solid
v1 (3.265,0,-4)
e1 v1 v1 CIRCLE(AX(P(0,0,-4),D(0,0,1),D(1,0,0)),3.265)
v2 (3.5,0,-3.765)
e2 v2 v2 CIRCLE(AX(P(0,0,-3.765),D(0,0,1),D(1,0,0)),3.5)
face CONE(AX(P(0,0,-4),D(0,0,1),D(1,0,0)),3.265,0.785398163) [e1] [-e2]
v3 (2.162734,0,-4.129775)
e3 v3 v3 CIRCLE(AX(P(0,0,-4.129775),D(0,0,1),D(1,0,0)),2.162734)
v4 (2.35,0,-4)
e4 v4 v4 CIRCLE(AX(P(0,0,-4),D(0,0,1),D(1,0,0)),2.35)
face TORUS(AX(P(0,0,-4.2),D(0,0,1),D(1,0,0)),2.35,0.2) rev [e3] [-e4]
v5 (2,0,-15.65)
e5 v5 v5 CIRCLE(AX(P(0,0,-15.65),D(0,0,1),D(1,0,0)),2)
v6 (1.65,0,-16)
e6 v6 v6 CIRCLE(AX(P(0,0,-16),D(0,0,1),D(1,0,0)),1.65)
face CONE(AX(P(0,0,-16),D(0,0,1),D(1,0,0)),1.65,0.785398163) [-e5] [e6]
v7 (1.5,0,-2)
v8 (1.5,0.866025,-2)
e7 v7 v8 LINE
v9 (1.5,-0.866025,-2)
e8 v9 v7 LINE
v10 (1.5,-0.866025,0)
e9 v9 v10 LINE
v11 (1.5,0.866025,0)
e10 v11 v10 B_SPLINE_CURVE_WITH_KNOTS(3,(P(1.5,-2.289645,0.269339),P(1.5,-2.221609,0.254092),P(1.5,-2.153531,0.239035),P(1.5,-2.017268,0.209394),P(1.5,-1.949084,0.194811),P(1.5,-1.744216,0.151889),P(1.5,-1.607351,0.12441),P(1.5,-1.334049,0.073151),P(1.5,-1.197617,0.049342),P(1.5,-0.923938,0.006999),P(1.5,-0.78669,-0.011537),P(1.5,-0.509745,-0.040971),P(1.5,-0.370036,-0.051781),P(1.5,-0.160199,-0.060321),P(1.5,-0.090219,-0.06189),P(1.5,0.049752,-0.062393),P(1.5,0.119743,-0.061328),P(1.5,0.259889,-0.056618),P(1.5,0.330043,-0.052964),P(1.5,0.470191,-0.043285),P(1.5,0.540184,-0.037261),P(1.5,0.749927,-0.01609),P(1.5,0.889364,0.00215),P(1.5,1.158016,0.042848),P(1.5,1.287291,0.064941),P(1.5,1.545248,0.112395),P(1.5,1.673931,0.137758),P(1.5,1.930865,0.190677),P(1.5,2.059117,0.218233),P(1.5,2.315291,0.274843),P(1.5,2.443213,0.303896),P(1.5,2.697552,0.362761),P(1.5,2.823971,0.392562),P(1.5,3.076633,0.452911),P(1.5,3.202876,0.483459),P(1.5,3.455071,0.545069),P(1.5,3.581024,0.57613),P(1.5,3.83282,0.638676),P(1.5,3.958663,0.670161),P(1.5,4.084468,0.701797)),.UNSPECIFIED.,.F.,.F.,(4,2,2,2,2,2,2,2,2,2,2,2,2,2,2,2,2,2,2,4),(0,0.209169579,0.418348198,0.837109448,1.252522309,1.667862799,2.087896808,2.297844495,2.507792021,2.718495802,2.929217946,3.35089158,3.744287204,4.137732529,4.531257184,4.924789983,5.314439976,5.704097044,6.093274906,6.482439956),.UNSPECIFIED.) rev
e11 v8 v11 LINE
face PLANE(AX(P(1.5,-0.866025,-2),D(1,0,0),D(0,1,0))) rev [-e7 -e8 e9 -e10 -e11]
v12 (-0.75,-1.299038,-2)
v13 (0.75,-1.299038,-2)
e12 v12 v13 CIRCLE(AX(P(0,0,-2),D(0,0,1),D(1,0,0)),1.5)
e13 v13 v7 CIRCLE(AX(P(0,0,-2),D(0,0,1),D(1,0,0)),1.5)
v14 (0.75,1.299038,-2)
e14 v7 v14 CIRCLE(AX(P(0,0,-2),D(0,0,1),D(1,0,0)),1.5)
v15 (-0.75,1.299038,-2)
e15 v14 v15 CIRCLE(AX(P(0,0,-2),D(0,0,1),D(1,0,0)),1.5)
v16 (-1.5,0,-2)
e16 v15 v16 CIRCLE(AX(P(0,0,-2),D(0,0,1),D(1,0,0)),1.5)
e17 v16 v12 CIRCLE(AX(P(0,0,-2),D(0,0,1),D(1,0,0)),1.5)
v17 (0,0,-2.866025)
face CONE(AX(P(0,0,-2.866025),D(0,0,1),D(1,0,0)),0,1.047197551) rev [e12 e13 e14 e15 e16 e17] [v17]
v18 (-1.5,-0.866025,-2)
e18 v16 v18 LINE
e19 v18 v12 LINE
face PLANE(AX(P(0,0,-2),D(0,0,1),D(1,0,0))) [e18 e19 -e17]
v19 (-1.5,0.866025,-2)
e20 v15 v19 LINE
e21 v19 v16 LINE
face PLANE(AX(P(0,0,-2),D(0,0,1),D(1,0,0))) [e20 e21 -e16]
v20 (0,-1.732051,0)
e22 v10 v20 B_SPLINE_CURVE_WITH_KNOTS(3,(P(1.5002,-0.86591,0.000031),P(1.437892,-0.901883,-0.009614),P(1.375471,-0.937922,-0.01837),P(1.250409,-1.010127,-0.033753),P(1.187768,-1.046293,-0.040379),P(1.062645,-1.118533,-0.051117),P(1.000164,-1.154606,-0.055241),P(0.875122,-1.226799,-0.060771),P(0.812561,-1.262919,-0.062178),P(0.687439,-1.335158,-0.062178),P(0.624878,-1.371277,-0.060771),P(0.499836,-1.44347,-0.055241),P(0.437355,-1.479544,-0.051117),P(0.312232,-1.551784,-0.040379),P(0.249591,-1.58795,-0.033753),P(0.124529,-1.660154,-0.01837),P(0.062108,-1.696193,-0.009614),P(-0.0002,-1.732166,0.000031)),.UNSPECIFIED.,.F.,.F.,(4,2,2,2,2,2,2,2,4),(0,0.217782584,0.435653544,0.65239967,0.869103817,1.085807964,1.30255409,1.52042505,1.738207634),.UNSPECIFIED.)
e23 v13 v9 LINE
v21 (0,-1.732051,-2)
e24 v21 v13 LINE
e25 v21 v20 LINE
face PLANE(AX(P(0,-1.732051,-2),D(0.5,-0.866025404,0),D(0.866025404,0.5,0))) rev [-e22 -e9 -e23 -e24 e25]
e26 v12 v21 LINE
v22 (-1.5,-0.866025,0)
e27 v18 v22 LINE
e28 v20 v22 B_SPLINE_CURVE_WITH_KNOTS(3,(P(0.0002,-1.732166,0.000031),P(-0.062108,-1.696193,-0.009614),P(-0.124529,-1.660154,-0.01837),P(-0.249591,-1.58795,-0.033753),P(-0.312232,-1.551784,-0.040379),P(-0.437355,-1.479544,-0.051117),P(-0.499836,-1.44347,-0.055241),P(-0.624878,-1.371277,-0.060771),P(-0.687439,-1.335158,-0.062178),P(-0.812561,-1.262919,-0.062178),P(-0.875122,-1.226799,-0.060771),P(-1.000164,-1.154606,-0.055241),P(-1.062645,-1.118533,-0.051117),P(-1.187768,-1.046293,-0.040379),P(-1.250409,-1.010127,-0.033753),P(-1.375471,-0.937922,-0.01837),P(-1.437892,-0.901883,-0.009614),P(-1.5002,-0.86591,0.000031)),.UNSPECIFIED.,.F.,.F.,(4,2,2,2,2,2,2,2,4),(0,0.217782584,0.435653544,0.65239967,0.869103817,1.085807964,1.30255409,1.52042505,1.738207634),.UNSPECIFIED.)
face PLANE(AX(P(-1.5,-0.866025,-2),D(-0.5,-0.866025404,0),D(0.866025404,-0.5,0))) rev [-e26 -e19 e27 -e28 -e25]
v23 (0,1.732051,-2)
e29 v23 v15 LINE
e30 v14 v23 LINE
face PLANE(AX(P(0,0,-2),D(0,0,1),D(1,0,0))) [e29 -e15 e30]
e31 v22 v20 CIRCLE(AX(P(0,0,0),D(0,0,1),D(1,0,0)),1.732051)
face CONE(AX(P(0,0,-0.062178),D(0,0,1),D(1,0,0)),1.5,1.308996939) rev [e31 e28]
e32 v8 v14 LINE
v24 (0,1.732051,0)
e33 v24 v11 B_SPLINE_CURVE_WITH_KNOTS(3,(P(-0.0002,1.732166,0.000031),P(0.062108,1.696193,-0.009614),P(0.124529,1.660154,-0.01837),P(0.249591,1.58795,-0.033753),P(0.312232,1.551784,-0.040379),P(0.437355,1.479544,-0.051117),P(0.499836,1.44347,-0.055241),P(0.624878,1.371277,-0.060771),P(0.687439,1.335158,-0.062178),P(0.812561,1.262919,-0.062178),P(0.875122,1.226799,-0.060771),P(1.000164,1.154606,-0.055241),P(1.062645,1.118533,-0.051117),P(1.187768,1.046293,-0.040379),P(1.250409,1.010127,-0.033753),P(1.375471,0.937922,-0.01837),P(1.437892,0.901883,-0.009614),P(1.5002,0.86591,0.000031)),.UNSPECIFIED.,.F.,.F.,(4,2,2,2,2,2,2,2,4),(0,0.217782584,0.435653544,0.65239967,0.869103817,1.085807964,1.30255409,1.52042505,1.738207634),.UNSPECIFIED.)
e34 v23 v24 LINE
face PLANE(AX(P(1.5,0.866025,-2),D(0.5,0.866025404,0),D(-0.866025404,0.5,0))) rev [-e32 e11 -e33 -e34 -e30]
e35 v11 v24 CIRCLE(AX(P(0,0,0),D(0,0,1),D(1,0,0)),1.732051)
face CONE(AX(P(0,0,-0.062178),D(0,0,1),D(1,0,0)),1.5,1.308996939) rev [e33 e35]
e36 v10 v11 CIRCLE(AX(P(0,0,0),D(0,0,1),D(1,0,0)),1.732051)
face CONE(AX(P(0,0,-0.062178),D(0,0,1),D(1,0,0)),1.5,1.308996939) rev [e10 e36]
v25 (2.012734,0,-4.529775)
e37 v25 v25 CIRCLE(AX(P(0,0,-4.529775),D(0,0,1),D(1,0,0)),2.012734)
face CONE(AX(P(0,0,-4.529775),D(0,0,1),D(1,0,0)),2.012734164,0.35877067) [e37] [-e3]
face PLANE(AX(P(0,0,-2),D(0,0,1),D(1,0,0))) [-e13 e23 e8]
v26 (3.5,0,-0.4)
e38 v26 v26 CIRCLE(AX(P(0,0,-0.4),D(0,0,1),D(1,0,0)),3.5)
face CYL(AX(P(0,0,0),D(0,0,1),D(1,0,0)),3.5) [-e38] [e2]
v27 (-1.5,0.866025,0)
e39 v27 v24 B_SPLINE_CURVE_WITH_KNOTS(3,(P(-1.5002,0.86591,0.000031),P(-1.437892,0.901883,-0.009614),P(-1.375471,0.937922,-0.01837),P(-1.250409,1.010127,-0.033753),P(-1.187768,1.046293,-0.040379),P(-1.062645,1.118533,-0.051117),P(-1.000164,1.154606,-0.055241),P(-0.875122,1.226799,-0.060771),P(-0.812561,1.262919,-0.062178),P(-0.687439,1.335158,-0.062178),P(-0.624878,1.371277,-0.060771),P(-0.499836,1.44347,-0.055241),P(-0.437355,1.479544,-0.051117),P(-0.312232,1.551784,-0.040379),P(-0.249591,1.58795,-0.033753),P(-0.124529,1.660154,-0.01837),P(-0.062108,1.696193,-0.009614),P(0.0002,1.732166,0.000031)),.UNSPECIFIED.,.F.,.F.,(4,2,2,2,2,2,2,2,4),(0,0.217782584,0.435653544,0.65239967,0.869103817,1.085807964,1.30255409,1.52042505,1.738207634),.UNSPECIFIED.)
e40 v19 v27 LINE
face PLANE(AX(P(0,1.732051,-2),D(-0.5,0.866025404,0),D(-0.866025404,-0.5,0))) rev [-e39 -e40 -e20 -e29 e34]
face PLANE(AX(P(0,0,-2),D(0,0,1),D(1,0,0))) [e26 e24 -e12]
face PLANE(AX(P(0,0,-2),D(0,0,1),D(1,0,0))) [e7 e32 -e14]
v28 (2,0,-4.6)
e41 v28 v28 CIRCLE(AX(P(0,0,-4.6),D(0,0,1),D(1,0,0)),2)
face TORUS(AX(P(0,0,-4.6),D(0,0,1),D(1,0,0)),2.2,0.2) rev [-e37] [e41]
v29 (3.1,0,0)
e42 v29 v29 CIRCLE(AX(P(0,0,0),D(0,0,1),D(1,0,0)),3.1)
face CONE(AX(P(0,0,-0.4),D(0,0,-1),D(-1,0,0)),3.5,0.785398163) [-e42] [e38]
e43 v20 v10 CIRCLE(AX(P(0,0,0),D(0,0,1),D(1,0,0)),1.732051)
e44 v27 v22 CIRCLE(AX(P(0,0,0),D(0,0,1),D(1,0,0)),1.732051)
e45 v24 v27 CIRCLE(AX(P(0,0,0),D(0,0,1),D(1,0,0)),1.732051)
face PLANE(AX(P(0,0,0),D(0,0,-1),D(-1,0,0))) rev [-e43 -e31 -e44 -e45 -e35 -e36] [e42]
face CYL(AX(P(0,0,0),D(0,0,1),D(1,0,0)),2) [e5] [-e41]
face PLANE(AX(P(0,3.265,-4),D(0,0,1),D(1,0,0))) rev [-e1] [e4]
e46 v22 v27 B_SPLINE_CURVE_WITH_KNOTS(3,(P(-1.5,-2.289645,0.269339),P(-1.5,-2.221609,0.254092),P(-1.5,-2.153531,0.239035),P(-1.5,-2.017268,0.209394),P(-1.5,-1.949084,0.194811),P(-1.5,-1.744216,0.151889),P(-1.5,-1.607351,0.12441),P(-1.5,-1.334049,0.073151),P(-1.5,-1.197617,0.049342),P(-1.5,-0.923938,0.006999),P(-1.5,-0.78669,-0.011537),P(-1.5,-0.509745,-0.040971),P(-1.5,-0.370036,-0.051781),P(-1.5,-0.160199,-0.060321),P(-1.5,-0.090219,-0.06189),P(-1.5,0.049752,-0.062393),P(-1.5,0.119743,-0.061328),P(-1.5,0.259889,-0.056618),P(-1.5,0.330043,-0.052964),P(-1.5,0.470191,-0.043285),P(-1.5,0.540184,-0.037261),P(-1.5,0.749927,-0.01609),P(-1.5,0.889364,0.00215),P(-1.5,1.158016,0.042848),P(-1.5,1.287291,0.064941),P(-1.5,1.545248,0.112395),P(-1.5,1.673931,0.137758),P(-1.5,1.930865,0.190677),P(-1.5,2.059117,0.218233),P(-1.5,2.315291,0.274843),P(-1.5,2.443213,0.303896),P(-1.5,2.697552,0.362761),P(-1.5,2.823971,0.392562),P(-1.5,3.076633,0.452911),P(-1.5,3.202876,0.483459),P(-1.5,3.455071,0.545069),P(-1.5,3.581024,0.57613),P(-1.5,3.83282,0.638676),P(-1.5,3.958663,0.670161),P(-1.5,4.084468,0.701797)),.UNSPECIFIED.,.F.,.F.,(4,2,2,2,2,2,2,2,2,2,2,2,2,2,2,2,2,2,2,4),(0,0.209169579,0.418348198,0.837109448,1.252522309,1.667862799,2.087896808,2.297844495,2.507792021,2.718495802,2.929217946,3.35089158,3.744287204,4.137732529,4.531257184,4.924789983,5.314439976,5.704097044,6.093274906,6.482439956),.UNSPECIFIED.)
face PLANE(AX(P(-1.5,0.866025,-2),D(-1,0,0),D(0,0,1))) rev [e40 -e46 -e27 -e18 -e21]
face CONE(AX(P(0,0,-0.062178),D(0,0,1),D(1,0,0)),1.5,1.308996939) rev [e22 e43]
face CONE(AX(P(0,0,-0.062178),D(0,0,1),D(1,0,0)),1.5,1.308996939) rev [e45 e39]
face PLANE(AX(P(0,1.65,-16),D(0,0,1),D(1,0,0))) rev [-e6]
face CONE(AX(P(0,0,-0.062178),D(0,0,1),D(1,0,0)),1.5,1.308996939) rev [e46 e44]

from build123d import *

# Parameters (mm, degrees)
CUT_EXTRUDE1_DEPTH = 2


with BuildPart() as part:
    # Sketch1 → Revolve1 (revolve)
    with BuildSketch(Plane(origin=(0, 0, 0), x_dir=(0, 0, -1), z_dir=(1, 0, 0))):
        with BuildLine():
            Line((0, 0), (0, 3.1))
            Line((0, 3.1), (0.4, 3.5))
            Line((0.4, 3.5), (3.765, 3.5))
            Line((3.765, 3.5), (4, 3.265))
            Line((4, 3.265), (4, 2.35))
            ThreePointArc((4, 2.35), (4.035614876, 2.236081032), (4.129775312, 2.162734164))
            Line((4.129775312, 2.162734164), (4.529775312, 2.012734164))
            ThreePointArc((4.529775312, 2.012734164), (4.564315039, 2.00320929), (4.6, 2))
            Line((4.6, 2), (15.65, 2))
            Line((15.65, 2), (16, 1.65))
            Line((16, 1.65), (16, 0))
            Line((16, 0), (0, 0))
        make_face()
    revolve(axis=Axis((0, 0, 0), (0, 0, -1)))

    # Sketch2 → Cut-Extrude1 (cut)
    with BuildSketch(Plane.XY):
        Polygon((0, 1.732050808), (-1.5, 0.866025404), (-1.5, -0.866025404), (0, -1.732050808), (1.5, -0.866025404), (1.5, 0.866025404), align=None)
    extrude(amount=-CUT_EXTRUDE1_DEPTH, mode=Mode.SUBTRACT)

    # Sketch3 → Cut-Revolve2 (revolve, cut)
    with BuildSketch(Plane(origin=(0, 0, 0), x_dir=(0, 0, -1), z_dir=(1, 0, 0))):
        Polygon((2, 0), (2, 1.5), (2.866025404, 0), align=None)
    revolve(axis=Axis((0, 0, -2), (0, 0, -1)), mode=Mode.SUBTRACT)

    # Sketch4 → Cut-Revolve3 (revolve, cut)
    with BuildSketch(Plane(origin=(0, 0, 0), x_dir=(0, 0, -1), z_dir=(1, 0, 0))):
        Polygon((0, 1.732050808), (0, 1.5), (0.062177826, 1.5), align=None)
    revolve(axis=Axis((0, 0, 0), (0, 0, -1)), mode=Mode.SUBTRACT)


solid = part.part
